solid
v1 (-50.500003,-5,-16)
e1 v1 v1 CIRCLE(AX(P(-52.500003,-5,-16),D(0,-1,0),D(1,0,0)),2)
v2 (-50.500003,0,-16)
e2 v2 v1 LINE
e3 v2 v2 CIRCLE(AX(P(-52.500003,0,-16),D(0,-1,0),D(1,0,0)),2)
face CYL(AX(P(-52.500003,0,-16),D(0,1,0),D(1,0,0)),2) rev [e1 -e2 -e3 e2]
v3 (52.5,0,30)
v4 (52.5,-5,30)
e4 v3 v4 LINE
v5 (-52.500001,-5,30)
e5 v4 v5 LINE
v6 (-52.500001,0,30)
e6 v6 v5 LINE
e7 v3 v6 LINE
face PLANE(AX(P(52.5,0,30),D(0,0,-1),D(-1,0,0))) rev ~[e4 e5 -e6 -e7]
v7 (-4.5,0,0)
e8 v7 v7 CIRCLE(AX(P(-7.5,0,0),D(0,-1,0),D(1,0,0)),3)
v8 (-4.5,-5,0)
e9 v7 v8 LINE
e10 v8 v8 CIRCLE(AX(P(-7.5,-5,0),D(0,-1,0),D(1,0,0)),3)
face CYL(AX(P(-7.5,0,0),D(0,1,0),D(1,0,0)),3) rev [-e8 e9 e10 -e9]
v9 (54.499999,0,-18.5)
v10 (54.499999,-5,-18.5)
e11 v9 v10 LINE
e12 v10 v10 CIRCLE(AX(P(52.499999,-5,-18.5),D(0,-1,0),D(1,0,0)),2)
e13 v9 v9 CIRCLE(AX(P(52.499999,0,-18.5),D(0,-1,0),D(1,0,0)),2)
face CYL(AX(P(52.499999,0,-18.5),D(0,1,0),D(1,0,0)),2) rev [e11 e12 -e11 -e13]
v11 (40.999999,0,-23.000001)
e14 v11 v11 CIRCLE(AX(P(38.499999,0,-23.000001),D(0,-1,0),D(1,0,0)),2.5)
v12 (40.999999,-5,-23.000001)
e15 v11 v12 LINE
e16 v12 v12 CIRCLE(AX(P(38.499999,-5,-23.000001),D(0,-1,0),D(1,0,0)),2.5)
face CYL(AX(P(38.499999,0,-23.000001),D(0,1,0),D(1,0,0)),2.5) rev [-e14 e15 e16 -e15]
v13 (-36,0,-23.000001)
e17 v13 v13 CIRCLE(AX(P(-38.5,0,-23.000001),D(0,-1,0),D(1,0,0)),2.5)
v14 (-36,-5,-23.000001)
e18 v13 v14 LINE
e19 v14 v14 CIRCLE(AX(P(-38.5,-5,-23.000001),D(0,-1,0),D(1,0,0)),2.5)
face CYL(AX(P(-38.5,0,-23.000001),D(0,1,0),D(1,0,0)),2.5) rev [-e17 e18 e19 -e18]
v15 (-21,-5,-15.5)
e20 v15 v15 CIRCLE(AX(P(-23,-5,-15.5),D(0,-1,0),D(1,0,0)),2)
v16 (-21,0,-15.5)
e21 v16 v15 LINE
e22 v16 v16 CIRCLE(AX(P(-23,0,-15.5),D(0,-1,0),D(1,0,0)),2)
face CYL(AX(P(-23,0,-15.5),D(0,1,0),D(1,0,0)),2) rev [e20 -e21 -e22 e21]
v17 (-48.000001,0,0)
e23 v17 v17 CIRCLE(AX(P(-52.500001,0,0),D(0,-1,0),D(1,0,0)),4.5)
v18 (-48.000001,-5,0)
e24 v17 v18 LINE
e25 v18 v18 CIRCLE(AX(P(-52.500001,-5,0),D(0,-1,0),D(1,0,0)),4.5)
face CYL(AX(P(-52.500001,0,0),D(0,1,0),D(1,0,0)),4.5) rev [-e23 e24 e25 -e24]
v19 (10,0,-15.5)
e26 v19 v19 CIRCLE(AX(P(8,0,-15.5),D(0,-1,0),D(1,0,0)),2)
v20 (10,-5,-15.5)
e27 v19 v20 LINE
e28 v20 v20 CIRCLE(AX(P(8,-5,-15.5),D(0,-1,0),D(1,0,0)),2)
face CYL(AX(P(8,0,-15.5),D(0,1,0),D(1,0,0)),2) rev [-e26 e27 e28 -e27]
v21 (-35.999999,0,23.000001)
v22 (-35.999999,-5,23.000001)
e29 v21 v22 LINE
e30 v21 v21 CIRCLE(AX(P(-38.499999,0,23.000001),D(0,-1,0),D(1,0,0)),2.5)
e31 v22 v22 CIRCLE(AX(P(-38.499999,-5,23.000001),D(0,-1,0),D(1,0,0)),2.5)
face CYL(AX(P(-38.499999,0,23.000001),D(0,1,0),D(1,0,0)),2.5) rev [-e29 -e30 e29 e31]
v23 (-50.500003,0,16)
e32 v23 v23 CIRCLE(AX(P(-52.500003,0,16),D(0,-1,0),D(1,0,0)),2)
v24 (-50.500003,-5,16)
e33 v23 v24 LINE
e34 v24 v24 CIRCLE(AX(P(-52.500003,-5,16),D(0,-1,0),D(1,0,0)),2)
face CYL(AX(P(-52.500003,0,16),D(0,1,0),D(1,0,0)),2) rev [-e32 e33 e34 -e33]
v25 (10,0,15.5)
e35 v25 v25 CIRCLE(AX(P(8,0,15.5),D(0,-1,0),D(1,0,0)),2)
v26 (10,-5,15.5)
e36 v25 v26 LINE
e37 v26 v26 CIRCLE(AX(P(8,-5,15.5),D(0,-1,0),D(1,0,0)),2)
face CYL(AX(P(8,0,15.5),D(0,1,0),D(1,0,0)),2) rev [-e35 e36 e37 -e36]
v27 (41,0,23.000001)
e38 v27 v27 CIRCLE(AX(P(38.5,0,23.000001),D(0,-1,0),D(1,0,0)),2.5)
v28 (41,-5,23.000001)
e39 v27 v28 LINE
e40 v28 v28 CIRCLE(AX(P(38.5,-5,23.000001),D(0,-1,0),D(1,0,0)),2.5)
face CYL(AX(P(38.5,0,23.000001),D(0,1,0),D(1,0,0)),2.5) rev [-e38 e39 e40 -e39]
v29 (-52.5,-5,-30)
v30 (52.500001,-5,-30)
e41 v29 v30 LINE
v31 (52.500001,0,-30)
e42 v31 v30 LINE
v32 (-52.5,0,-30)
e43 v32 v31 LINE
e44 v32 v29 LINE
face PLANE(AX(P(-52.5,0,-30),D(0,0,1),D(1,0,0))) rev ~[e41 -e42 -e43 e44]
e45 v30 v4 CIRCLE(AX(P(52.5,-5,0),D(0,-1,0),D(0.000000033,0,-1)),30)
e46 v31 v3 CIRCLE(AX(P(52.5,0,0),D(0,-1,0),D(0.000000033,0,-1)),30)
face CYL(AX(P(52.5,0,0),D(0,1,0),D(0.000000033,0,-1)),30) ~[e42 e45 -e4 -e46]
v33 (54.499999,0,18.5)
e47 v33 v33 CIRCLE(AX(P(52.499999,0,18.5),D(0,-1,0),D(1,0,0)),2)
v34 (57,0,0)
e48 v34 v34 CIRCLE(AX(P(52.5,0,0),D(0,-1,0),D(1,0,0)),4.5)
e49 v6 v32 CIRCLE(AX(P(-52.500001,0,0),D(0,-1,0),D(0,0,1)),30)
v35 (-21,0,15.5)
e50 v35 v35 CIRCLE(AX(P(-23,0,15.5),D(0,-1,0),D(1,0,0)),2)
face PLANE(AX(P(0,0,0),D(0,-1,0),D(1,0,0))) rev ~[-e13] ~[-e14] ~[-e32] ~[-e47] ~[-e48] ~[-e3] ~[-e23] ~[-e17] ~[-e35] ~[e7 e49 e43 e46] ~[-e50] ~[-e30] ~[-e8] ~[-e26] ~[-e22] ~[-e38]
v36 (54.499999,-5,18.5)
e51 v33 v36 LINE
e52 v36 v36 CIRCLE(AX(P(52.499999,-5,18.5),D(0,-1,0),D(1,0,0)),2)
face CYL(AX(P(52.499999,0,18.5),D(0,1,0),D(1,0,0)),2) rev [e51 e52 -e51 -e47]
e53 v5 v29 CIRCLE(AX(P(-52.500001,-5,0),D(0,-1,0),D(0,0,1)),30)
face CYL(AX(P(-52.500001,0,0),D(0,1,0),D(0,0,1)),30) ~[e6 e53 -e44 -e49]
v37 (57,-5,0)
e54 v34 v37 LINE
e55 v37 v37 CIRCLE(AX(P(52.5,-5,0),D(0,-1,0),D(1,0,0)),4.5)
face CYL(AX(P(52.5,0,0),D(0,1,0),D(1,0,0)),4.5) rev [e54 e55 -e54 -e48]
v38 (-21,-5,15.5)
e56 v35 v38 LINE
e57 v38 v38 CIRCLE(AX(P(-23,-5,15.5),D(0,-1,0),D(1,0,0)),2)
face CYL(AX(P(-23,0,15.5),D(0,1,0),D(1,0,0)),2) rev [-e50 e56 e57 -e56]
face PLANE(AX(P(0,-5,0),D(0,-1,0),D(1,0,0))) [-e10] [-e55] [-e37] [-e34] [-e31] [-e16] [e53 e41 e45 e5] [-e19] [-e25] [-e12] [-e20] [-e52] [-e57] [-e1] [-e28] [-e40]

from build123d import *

# Parameters (mm, degrees)
F0_R     = 2
F0_R_2   = 2.5
F0_R_3   = 4.5
F0_R_4   = 3
F1_DEPTH = 5


with BuildPart() as f1:
    # F0 (on Front) → F1 (new body)
    with BuildSketch(Plane.XZ):
        with BuildLine():
            ThreePointArc((52.500001, -30), (82.5, 1e-06), (52.5, 30))
            Line((52.5, 30), (-52.500001, 30))
            ThreePointArc((-52.500001, 30), (-82.500001, -1e-06), (-52.5, -30))
            Line((-52.5, -30), (52.500001, -30))
        make_face()
        with Locations((-52.500003, -16)):
            Circle(F0_R, mode=Mode.SUBTRACT)
        with Locations((-38.5, -23.000001)):
            Circle(F0_R_2, mode=Mode.SUBTRACT)
        with Locations((-23, -15.5)):
            Circle(F0_R, mode=Mode.SUBTRACT)
        with Locations((38.499999, -23.000001)):
            Circle(F0_R_2, mode=Mode.SUBTRACT)
        with Locations((8, -15.5)):
            Circle(F0_R, mode=Mode.SUBTRACT)
        with Locations((52.499999, -18.5)):
            Circle(F0_R, mode=Mode.SUBTRACT)
        with Locations((-52.500001, 0)):
            Circle(F0_R_3, mode=Mode.SUBTRACT)
        with Locations((-7.5, 0)):
            Circle(F0_R_4, mode=Mode.SUBTRACT)
        with Locations((-52.500003, 16)):
            Circle(F0_R, mode=Mode.SUBTRACT)
        with Locations((-23, 15.5)):
            Circle(F0_R, mode=Mode.SUBTRACT)
        with Locations((-38.499999, 23.000001)):
            Circle(F0_R_2, mode=Mode.SUBTRACT)
        with Locations((52.5, 0)):
            Circle(F0_R_3, mode=Mode.SUBTRACT)
        with Locations((8, 15.5)):
            Circle(F0_R, mode=Mode.SUBTRACT)
        with Locations((38.5, 23.000001)):
            Circle(F0_R_2, mode=Mode.SUBTRACT)
        with Locations((52.499999, 18.5)):
            Circle(F0_R, mode=Mode.SUBTRACT)
    extrude(amount=F1_DEPTH)


solid = f1.part
